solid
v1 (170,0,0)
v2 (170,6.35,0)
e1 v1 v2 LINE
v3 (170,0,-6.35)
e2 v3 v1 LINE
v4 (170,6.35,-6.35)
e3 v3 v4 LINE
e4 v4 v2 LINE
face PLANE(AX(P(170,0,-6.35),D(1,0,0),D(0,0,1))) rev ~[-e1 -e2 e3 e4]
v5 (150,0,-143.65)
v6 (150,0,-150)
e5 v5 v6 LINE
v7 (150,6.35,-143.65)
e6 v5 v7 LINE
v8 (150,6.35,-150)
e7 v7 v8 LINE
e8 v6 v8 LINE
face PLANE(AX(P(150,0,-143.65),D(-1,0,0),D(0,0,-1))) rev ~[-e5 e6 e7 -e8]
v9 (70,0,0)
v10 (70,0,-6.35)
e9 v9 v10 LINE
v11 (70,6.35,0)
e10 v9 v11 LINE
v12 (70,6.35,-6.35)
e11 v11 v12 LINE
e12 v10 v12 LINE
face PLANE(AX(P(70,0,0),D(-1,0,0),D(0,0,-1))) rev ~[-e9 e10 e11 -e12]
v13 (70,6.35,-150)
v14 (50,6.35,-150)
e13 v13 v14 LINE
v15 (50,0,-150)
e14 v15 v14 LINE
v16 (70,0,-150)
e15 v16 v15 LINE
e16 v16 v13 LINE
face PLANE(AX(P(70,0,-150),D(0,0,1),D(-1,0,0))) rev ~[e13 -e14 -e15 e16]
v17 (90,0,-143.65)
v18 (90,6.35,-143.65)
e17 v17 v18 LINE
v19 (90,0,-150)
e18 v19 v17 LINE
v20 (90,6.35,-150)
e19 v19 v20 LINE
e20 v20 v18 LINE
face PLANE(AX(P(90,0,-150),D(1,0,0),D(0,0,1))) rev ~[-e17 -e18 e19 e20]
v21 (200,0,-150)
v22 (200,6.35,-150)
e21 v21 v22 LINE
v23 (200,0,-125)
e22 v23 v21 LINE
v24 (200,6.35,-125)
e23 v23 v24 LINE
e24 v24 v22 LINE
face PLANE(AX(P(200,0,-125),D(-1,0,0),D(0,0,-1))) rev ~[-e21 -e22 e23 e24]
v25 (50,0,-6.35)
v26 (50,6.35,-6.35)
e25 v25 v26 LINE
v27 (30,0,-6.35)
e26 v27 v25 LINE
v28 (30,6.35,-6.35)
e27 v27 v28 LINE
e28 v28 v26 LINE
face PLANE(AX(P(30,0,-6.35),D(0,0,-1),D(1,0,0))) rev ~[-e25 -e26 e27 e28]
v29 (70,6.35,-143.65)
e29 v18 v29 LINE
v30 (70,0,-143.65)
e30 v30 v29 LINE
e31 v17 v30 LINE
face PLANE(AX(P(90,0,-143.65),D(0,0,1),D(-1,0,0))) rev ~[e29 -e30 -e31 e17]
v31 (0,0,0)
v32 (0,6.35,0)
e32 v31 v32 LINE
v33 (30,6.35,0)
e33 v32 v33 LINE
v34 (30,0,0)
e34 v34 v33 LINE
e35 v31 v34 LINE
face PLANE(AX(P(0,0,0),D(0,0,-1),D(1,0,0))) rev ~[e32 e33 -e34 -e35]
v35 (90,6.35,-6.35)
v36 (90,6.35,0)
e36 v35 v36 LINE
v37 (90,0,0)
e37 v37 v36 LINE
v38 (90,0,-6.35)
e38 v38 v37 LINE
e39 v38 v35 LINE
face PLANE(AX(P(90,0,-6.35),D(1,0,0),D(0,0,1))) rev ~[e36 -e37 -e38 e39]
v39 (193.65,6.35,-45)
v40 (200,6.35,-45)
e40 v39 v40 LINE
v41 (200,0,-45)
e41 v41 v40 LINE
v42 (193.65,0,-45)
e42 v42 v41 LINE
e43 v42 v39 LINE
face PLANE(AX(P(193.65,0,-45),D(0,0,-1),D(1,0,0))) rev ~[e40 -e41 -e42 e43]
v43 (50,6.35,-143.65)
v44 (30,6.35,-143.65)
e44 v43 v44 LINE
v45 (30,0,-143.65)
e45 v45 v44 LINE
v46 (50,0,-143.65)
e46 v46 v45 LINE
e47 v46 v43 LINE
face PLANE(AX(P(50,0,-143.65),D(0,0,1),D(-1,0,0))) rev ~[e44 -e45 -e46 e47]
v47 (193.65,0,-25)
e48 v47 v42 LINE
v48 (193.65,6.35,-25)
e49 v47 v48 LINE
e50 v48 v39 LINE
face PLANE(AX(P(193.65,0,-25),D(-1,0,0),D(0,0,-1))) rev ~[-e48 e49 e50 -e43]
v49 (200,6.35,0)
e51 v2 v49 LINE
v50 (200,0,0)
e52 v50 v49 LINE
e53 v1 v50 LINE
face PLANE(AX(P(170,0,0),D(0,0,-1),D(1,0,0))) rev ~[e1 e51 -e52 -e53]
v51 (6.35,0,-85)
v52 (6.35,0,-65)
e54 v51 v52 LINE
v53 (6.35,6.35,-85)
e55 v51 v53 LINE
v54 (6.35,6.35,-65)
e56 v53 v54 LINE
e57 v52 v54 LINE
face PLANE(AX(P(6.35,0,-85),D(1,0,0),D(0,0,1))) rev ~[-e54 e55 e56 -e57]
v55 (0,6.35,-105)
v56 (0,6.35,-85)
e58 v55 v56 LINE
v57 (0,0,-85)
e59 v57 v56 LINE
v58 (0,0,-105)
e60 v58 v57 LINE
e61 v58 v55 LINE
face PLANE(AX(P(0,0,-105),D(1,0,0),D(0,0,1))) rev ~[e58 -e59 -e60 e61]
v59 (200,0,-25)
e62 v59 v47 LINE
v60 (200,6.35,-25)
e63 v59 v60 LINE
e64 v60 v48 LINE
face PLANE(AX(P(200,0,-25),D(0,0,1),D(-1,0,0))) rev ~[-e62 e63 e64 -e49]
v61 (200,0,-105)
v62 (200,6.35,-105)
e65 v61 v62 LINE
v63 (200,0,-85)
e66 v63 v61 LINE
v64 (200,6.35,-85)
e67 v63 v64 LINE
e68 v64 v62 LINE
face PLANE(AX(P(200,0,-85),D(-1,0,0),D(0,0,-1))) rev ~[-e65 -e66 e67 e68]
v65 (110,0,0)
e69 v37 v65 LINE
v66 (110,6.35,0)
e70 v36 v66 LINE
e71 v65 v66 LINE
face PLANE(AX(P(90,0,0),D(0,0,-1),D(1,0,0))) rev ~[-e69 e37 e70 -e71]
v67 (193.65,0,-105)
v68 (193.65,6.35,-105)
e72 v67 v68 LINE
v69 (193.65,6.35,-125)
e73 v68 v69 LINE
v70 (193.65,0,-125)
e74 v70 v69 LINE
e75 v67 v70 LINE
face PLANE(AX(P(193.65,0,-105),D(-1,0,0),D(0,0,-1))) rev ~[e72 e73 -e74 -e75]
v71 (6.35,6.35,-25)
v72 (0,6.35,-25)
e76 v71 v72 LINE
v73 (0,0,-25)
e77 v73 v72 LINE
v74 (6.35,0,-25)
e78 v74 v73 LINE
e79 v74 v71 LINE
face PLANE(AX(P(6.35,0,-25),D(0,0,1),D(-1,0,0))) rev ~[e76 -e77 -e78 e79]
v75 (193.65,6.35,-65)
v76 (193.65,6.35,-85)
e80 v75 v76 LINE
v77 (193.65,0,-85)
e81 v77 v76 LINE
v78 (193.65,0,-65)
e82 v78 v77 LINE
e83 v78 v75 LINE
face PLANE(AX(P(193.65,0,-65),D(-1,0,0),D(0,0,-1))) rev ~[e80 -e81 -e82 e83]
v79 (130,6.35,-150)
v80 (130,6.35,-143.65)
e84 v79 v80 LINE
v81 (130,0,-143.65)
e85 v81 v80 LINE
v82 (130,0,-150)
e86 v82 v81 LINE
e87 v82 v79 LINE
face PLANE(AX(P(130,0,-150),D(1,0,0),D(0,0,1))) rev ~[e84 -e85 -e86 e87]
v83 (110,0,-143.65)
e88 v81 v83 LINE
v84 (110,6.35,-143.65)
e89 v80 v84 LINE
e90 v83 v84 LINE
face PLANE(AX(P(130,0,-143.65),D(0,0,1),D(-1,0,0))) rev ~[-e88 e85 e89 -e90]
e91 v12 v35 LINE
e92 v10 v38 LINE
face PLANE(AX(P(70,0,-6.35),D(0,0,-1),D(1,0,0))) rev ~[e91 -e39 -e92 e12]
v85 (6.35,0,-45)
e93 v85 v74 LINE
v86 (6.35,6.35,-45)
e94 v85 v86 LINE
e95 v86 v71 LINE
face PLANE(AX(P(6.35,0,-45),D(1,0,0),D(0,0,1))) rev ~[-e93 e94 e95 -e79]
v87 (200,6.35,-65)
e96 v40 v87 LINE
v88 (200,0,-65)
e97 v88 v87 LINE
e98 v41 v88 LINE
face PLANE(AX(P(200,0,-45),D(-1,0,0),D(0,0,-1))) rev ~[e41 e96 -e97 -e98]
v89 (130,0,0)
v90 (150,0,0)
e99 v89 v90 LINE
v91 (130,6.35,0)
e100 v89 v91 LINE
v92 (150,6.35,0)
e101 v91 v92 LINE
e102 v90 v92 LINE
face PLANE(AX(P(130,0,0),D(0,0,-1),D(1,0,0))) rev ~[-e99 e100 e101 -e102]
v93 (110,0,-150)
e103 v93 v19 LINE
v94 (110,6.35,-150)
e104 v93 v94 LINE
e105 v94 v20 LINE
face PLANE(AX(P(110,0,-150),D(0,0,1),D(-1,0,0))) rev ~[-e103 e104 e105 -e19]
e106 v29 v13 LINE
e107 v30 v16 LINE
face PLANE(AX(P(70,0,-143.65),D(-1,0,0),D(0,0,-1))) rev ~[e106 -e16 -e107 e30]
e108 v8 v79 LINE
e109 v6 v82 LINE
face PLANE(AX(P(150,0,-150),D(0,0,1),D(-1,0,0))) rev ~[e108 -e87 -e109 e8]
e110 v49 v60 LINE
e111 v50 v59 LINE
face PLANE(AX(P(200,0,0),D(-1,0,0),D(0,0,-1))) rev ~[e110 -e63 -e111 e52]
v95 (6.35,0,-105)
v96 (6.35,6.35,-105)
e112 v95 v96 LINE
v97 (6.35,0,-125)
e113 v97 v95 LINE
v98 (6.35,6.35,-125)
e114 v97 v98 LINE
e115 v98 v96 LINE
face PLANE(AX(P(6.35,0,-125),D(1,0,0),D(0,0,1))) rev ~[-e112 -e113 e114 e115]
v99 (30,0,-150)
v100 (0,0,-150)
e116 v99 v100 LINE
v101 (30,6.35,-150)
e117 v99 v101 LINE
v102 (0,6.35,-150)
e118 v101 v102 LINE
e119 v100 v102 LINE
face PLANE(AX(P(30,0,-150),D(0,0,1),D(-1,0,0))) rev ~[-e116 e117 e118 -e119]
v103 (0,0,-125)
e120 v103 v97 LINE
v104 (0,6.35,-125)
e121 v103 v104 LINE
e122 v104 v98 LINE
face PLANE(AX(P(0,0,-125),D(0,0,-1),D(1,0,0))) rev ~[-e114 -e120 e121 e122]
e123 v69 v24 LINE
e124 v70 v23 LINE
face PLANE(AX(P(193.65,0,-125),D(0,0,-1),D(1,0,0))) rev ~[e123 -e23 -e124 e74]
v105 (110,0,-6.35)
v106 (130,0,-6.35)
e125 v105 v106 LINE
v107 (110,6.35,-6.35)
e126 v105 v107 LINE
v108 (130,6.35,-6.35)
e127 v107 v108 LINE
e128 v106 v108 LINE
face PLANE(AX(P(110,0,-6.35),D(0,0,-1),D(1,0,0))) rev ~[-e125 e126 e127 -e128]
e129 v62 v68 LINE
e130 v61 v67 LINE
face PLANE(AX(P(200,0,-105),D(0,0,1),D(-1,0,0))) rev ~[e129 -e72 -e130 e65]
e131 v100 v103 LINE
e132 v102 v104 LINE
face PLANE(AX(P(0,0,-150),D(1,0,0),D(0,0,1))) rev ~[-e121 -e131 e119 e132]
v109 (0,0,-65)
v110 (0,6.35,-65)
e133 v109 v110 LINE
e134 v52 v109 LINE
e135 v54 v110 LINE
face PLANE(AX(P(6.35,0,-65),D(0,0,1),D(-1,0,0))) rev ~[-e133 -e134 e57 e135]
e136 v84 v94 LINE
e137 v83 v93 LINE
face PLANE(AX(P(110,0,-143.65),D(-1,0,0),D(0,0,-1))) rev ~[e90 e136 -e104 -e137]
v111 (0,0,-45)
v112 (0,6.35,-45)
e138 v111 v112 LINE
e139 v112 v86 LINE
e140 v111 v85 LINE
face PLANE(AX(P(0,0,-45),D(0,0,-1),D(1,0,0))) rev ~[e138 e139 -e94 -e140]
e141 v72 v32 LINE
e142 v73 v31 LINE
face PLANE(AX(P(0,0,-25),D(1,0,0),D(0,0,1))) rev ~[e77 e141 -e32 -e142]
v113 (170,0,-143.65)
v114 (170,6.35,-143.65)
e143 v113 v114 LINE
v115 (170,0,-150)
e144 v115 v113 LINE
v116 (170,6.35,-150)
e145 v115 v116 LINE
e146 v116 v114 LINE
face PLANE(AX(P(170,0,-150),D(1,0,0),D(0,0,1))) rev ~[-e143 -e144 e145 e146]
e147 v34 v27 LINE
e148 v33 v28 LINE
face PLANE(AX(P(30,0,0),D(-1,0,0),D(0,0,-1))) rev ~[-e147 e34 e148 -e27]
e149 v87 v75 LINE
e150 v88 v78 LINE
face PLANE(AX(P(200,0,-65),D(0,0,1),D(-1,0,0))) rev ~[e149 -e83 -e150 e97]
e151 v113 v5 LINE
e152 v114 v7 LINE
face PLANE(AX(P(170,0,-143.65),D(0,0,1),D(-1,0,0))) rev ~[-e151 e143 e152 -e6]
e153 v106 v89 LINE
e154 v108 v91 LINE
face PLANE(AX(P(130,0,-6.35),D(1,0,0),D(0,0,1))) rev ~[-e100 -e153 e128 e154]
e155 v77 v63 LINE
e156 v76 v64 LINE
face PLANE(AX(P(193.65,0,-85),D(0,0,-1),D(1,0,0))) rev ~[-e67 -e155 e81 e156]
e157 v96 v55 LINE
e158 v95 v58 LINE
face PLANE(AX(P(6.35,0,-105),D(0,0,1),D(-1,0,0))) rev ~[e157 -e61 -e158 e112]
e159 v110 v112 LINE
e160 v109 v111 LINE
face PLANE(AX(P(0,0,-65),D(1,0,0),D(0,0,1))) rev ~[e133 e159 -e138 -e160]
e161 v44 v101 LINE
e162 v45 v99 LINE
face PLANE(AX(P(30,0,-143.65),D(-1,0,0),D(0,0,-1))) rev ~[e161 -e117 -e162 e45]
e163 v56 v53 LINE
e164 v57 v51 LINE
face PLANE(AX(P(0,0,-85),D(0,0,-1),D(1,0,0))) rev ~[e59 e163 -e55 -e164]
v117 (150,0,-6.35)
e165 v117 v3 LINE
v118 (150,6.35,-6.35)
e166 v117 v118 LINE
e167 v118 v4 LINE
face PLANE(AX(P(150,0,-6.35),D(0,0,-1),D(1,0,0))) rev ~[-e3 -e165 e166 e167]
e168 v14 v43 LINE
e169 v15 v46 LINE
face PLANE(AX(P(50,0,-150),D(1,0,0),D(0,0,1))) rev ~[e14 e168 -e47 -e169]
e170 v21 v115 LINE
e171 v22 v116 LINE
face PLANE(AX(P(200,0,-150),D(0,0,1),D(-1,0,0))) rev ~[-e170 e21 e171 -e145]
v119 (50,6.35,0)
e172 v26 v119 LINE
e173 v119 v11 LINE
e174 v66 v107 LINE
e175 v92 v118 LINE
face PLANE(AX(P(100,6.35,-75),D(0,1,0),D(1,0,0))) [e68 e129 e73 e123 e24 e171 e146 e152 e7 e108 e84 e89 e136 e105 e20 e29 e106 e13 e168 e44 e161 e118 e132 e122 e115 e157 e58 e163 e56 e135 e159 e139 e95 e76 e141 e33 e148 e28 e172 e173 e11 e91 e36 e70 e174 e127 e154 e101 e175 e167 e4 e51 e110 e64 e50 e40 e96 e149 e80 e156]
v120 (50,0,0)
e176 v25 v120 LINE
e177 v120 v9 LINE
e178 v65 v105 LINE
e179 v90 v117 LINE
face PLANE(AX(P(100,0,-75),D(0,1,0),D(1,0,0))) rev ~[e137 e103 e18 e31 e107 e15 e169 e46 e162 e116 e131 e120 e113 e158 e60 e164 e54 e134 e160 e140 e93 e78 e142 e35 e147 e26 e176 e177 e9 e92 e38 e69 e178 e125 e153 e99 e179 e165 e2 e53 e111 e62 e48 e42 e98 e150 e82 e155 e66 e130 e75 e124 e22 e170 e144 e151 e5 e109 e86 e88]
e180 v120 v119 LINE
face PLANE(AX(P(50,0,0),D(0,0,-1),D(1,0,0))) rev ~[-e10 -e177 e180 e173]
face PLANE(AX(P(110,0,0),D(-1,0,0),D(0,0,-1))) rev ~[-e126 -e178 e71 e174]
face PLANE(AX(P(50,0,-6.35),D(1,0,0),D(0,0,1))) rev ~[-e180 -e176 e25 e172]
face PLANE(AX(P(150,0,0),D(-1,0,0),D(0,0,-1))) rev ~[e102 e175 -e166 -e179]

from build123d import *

# Parameters (mm, degrees)
BOSS_EXTRUDE1_DEPTH = 6.35


with BuildPart() as part:
    # Sketch1 → Boss-Extrude1 (new body)
    with BuildSketch(Plane(origin=(0, 0, 0), x_dir=(1, 0, 0), z_dir=(0, 1, 0))):
        Polygon((90, 0), (110, 0), (110, 6.35), (130, 6.35), (130, 0), (150, 0), (150, 6.35), (170, 6.35), (170, 0), (200, 0), (200, 25), (193.65, 25), (193.65, 45), (200, 45), (200, 65), (193.65, 65), (193.65, 85), (200, 85), (200, 105), (193.65, 105), (193.65, 125), (200, 125), (200, 150), (170, 150), (170, 143.65), (150, 143.65), (150, 150), (130, 150), (130, 143.65), (110, 143.65), (110, 150), (90, 150), (90, 143.65), (70, 143.65), (70, 150), (50, 150), (50, 143.65), (30, 143.65), (30, 150), (0, 150), (0, 125), (6.35, 125), (6.35, 105), (0, 105), (0, 85), (6.35, 85), (6.35, 65), (0, 65), (0, 45), (6.35, 45), (6.35, 25), (0, 25), (0, 0), (30, 0), (30, 6.35), (50, 6.35), (50, 0), (70, 0), (70, 6.35), (90, 6.35), align=None)
    extrude(amount=BOSS_EXTRUDE1_DEPTH)


solid = part.part
